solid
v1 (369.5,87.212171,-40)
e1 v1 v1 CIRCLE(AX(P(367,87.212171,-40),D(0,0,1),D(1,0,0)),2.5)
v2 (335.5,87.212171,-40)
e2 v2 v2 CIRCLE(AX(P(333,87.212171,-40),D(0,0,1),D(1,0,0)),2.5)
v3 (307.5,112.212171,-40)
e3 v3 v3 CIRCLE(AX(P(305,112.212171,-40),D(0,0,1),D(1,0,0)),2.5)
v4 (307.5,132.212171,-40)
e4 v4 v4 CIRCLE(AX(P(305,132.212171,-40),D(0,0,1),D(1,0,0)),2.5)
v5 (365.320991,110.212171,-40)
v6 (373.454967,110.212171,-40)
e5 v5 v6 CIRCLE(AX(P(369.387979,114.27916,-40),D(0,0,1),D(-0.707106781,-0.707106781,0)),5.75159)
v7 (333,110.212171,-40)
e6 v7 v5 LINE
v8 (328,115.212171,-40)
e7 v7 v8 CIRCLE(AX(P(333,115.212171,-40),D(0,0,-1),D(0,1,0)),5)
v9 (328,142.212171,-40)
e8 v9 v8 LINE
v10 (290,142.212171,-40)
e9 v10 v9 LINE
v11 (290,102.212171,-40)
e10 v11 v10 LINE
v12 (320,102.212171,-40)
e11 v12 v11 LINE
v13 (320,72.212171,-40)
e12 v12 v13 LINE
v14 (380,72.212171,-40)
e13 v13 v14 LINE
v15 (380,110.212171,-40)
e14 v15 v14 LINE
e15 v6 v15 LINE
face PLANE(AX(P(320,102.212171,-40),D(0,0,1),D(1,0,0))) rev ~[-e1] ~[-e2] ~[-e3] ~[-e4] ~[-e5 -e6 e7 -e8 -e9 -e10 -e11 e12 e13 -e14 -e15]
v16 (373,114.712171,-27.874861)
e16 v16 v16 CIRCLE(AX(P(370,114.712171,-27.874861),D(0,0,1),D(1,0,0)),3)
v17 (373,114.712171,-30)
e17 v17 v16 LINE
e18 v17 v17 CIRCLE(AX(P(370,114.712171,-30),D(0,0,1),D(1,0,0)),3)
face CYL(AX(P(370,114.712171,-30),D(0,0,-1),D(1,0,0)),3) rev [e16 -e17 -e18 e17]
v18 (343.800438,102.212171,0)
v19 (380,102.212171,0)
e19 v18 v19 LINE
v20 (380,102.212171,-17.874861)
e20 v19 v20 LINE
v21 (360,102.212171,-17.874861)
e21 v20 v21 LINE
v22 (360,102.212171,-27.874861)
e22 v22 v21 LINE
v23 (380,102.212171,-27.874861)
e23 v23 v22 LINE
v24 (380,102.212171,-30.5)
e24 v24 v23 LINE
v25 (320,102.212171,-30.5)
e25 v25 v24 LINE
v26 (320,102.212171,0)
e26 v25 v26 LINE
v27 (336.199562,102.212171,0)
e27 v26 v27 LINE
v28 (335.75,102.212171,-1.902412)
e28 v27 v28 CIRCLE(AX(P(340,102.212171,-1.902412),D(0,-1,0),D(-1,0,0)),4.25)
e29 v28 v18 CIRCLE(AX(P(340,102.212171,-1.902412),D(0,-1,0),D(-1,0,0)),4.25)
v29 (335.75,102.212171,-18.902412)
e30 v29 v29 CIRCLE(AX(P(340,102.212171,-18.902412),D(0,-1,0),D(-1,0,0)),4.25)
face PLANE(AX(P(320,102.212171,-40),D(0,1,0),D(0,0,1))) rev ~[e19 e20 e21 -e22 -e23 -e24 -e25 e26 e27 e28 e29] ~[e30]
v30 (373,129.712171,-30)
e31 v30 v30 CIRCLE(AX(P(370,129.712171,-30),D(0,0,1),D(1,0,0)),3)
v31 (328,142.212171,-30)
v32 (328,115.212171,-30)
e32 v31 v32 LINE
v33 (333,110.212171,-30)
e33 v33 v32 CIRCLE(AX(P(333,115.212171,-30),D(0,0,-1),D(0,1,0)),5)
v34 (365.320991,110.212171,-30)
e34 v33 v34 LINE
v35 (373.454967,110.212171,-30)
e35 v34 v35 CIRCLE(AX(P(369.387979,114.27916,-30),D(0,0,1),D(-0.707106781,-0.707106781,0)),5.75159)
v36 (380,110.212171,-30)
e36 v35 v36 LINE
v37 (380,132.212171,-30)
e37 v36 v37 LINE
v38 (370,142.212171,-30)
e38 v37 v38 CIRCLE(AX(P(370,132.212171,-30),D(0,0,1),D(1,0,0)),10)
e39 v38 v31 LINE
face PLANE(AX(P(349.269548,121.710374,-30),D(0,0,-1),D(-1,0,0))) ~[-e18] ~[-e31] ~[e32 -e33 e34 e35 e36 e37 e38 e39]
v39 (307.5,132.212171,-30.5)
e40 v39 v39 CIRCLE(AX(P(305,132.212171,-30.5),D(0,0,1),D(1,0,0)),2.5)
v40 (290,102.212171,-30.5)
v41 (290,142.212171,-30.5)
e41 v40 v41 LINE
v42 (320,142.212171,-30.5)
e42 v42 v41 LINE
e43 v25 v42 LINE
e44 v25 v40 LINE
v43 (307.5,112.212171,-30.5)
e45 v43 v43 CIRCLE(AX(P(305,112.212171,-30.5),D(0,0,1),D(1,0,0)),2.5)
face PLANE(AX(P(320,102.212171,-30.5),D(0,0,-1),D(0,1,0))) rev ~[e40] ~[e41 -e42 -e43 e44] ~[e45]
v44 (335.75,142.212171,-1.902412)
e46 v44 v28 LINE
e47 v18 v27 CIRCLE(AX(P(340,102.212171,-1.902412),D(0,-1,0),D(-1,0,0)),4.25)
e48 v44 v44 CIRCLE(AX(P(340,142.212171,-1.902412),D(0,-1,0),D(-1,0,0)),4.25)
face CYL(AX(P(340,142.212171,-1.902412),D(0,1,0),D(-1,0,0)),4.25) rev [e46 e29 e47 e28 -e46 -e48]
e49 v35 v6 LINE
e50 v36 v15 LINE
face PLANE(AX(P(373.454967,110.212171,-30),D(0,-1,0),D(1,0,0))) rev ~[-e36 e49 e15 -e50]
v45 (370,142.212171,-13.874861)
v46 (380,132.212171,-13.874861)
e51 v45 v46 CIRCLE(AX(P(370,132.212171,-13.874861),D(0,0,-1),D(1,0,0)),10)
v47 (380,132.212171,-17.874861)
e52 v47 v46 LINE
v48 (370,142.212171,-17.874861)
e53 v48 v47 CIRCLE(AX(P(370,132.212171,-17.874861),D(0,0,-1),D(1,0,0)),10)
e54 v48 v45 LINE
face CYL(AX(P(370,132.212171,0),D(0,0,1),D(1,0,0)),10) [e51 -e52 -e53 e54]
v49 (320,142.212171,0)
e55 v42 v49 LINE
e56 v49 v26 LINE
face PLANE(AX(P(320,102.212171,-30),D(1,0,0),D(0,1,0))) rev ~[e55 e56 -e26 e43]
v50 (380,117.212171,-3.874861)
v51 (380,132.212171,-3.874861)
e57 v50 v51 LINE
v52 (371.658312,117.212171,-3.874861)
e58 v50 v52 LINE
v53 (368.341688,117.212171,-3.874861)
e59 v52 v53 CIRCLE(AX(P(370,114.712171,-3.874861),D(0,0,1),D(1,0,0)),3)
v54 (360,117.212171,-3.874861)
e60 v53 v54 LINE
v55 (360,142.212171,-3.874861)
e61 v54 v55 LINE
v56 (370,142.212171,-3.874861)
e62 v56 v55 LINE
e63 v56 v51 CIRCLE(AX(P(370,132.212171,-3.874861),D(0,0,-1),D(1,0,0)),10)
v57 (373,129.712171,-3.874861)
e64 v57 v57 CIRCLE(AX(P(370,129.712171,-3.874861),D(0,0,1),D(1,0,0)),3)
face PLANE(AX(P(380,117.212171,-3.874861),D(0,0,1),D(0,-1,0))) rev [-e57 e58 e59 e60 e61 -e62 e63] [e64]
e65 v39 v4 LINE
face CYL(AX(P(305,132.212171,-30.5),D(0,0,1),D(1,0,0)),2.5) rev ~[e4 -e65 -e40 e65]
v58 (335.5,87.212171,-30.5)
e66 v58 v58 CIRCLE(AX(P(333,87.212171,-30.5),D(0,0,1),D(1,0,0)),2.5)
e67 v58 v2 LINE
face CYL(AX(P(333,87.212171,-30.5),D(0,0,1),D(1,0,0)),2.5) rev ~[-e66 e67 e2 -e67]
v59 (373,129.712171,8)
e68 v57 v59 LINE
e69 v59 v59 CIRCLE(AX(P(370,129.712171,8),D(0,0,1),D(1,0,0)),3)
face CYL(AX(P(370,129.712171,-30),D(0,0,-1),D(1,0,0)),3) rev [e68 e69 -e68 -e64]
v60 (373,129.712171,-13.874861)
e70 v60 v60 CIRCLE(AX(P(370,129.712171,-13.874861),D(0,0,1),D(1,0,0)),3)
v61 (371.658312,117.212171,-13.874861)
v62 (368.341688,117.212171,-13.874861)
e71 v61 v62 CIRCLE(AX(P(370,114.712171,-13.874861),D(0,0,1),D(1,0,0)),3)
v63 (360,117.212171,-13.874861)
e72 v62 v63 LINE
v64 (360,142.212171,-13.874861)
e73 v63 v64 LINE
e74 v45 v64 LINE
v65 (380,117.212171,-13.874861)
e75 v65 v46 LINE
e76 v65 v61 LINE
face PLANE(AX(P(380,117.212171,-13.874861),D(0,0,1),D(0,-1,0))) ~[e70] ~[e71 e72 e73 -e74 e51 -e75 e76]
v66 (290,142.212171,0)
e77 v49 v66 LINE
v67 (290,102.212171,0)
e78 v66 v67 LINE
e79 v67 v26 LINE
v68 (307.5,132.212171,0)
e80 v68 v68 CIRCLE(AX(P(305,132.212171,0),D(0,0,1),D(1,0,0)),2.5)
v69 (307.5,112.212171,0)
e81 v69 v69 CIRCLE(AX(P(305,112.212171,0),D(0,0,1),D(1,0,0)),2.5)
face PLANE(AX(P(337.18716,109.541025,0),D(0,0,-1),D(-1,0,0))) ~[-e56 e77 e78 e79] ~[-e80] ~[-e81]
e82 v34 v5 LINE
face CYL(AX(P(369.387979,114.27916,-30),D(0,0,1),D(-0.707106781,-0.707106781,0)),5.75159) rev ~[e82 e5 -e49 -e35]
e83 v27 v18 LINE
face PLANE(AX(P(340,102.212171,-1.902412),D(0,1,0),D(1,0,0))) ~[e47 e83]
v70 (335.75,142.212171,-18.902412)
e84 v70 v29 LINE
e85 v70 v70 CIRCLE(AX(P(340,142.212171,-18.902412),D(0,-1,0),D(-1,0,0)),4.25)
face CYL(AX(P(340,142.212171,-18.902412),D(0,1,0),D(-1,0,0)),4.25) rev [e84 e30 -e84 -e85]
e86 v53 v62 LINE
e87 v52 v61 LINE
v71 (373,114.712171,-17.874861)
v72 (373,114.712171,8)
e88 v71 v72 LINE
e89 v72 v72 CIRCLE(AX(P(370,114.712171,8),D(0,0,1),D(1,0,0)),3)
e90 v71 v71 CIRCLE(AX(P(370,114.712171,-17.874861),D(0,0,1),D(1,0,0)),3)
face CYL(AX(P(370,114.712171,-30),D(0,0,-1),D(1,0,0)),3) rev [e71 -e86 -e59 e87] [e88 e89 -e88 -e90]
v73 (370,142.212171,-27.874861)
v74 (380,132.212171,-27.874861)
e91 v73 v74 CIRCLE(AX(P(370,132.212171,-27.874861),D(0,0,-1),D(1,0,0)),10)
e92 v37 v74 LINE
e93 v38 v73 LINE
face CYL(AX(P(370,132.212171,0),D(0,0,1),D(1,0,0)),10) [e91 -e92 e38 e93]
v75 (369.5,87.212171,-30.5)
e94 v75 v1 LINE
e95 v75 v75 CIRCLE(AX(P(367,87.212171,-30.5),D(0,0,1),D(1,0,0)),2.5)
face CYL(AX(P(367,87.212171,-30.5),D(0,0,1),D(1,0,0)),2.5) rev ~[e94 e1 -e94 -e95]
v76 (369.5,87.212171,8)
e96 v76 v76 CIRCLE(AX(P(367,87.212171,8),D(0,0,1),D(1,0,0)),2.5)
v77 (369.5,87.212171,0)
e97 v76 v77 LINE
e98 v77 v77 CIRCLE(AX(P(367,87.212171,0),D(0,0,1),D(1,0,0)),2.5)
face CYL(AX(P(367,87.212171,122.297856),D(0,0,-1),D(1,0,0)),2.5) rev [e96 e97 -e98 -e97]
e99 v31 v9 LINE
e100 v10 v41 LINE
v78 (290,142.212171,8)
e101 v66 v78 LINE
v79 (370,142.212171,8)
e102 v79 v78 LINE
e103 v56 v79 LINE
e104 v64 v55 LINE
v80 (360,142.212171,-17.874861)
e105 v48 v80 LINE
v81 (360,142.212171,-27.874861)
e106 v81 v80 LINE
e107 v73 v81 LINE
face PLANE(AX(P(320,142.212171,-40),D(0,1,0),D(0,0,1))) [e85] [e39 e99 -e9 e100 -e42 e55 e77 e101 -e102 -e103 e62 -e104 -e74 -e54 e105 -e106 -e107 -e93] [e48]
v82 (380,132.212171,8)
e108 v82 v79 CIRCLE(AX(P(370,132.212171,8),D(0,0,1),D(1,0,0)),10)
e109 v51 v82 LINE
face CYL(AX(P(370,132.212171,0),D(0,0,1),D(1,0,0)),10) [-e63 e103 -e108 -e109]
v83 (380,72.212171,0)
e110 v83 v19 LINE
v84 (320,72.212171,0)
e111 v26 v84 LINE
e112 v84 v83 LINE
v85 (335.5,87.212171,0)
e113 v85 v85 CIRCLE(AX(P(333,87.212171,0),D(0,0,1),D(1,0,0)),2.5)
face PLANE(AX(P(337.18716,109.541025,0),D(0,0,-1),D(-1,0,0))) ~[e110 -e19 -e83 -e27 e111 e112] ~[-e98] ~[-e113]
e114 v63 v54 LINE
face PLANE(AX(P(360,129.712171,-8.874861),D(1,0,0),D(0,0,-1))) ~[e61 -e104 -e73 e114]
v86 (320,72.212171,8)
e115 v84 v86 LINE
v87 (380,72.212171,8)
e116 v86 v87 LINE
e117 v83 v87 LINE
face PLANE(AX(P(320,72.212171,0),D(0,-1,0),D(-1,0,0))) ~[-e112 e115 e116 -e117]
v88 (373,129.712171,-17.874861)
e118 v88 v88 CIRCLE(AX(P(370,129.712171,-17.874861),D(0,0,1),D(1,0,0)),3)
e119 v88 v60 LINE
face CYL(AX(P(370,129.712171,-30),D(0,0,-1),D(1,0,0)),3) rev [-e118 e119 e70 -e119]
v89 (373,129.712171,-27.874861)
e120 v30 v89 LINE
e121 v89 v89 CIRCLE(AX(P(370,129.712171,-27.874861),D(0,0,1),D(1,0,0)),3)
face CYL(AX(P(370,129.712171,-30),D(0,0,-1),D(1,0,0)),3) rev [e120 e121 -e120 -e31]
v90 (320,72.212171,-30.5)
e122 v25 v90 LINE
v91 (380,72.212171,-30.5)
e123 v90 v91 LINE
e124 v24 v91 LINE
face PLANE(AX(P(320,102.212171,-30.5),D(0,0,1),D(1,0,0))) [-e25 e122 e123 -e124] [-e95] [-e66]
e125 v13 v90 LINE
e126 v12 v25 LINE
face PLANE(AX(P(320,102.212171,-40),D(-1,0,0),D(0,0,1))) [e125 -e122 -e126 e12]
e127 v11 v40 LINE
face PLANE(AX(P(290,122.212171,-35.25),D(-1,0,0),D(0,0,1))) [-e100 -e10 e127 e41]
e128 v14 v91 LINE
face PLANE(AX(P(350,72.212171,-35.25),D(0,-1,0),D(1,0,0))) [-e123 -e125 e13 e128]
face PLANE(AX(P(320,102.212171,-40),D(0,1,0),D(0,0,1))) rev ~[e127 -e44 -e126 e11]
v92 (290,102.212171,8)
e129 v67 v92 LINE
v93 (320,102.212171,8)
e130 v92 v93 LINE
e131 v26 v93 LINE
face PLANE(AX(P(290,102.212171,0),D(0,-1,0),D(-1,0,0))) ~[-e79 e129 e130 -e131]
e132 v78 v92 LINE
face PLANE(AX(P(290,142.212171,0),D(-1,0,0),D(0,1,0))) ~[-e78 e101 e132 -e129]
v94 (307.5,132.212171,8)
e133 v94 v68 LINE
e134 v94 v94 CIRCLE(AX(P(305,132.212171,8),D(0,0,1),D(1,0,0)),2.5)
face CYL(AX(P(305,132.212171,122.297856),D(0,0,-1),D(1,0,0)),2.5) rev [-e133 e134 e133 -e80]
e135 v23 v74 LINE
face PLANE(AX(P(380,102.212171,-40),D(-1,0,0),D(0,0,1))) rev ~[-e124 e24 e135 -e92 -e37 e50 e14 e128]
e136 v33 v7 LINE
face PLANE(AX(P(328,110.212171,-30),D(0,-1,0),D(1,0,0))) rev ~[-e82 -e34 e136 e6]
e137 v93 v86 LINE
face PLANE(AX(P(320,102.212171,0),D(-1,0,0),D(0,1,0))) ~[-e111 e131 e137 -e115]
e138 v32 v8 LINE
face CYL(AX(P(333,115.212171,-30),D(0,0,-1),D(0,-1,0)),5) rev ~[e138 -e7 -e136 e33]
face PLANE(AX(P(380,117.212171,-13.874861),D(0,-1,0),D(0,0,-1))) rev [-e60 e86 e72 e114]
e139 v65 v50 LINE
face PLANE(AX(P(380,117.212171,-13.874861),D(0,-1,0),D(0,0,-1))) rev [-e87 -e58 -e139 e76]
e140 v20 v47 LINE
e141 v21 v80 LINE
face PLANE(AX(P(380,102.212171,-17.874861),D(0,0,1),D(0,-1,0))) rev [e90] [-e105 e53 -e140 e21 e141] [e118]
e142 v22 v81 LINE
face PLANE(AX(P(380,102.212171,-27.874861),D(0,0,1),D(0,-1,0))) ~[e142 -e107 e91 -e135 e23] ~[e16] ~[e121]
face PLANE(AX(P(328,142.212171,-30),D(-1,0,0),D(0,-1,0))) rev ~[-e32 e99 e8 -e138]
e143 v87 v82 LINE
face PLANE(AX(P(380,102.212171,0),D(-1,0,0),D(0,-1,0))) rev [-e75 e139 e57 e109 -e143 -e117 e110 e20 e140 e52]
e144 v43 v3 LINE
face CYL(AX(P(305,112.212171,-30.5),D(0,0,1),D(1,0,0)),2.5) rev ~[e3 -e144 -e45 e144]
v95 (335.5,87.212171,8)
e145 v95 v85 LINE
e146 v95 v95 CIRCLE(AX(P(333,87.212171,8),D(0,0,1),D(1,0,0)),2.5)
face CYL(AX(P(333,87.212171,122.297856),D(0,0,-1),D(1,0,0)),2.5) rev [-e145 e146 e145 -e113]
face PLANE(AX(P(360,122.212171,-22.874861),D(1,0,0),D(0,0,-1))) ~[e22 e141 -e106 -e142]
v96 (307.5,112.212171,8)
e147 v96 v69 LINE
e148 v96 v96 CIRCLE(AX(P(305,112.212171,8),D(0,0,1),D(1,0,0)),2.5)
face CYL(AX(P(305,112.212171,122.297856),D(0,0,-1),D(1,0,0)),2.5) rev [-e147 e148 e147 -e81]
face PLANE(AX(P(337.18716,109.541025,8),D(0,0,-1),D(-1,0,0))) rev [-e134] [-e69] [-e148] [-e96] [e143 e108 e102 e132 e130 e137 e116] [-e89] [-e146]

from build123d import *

# Parameters (mm, degrees)
RESSALTO_EXTRUS_O1_DEPTH                   = 8
BROCA_DE_ROSQUEAR_PARA_TARRAXA_DE_M6X1_0_D = 5
RESSALTO_EXTRUS_O2_DEPTH                   = 30
ESBO_O6_W                                  = 10
ESBO_O6_H                                  = 40
ESBO_O6_H_2                                = 25
CORTE_EXTRUS_O2_DEPTH                      = 20
ESBO_O14_R                                 = 3
CORTE_EXTRUS_O6_DEPTH                      = 39
ESBO_O15_R                                 = 4.25
CORTE_EXTRUS_O7_DEPTH                      = 40
RESSALTO_EXTRUS_O3_DEPTH                   = 10
ESBO_O17_W                                 = 9.5
ESBO_O17_H                                 = 40
RESSALTO_EXTRUS_O4_DEPTH                   = 30
ESBO_O18_R                                 = 2.5
CORTE_EXTRUS_O8_DEPTH                      = 10
ESBO_O19_W                                 = 60
ESBO_O19_H                                 = 9.5
RESSALTO_EXTRUS_O5_DEPTH                   = 30
FILETE1_R                                  = 5
ESBO_O20_R                                 = 2.5
CORTE_EXTRUS_O9_DEPTH                      = 10


with BuildPart() as part:
    # Esboço1 → Ressalto-extrusão1 (new body)
    with BuildSketch(Plane.XY):
        with BuildLine():
            Line((440, 72.212171493), (380, 72.212171493))
            Line((380, 72.212171493), (380, 132.212171493))
            ThreePointArc((380, 132.212171493), (382.928932188, 139.283239304), (390, 142.212171493))
            Line((390, 142.212171493), (470, 142.212171493))
            Line((470, 142.212171493), (470, 102.212171493))
            Line((470, 102.212171493), (440, 102.212171493))
            Line((440, 102.212171493), (440, 72.212171493))
        make_face()
    extrude(amount=RESSALTO_EXTRUS_O1_DEPTH)

    # Broca de rosquear para tarraxa de M6x1.01 (through all)
    with Locations(Plane.XY.offset(8)):
        with Locations((393, 87.212171493), (427, 87.212171493), (455, 112.212171493), (455, 132.212171493)):
            Hole(BROCA_DE_ROSQUEAR_PARA_TARRAXA_DE_M6X1_0_D / 2)

    # Esboço4 → Ressalto-extrusão2 (add)
    with BuildSketch(Plane(origin=(0, 0, 0), x_dir=(-1, 0, 0), z_dir=(0, 0, -1))):
        with BuildLine():
            Line((-390, 142.212171493), (-440, 142.212171493))
            Line((-440, 142.212171493), (-440, 102.212171493))
            Line((-440, 102.212171493), (-380, 102.212171493))
            Line((-380, 102.212171493), (-380, 132.212171493))
            ThreePointArc((-380, 132.212171493), (-382.928932188, 139.283239304), (-390, 142.212171493))
        make_face()
    extrude(amount=RESSALTO_EXTRUS_O2_DEPTH)

    # Esboço6 → Corte-extrusão2 (cut)
    with BuildSketch(Plane.ZY.offset(-380)):
        with Locations((-22.874860756, 122.212171493)):
            Rectangle(ESBO_O6_W, ESBO_O6_H)
        with Locations((-8.874860756, 129.712171493)):
            Rectangle(ESBO_O6_W, ESBO_O6_H_2)
    extrude(amount=-CORTE_EXTRUS_O2_DEPTH, mode=Mode.SUBTRACT)

    # Esboço14 → Corte-extrusão6 (cut, through all)
    with BuildSketch(Plane(origin=(0, 0, -30), x_dir=(-1, 0, 0), z_dir=(0, 0, -1))):
        with Locations((-390, 129.712171493)):
            Circle(ESBO_O14_R)
        with Locations((-390, 114.712171493)):
            Circle(ESBO_O14_R)
    extrude(amount=-CORTE_EXTRUS_O6_DEPTH, mode=Mode.SUBTRACT)

    # Esboço15 → Corte-extrusão7 (cut)
    with BuildSketch(Plane(origin=(0, 142.212171493, 0), x_dir=(1, 0, 0), z_dir=(0, 1, 0))):
        with Locations((420, 18.90241208)):
            Circle(ESBO_O15_R)
        with Locations((420, 1.90241208)):
            Circle(ESBO_O15_R)
    extrude(amount=-CORTE_EXTRUS_O7_DEPTH, mode=Mode.SUBTRACT)


with BuildPart() as body_2:
    # Espelhar1: mirrored copy
    add(part.part.mirror(Plane(origin=(380, 72.212171493, 8), x_dir=(0, 0, 1), z_dir=(-1, 0, 0))))

    # Esboço16 → Ressalto-extrusão3 (add)
    with BuildSketch(Plane(origin=(0, 0, -30), x_dir=(-1, 0, 0), z_dir=(0, 0, -1))):
        with BuildLine():
            Line((-320, 142.212171493), (-328, 142.212171493))
            Line((-328, 142.212171493), (-328, 110.212171493))
            Line((-328, 110.212171493), (-365.320990692, 110.212171493))
            ThreePointArc((-365.320990692, 110.212171493), (-369.387979043, 108.52756976), (-373.454967393, 110.212171493))
            Line((-373.454967393, 110.212171493), (-380, 110.212171493))
            Line((-380, 110.212171493), (-380, 102.212171493))
            Line((-380, 102.212171493), (-328, 102.212171493))
            Line((-328, 102.212171493), (-320, 102.212171493))
            Line((-320, 102.212171493), (-320, 142.212171493))
        make_face()
    extrude(amount=RESSALTO_EXTRUS_O3_DEPTH)

    # Esboço17 → Ressalto-extrusão4 (add, through all)
    with BuildSketch(Plane.ZY.offset(-320)):
        with Locations((-35.25, 122.212171493)):
            Rectangle(ESBO_O17_W, ESBO_O17_H)
    extrude(amount=RESSALTO_EXTRUS_O4_DEPTH)

    # Esboço18 → Corte-extrusão8 (cut)
    with BuildSketch(Plane.XY.offset(-30.5)):
        with Locations((305, 112.212171493)):
            Circle(ESBO_O18_R)
        with Locations((305, 132.212171493)):
            Circle(ESBO_O18_R)
    extrude(amount=-CORTE_EXTRUS_O8_DEPTH, mode=Mode.SUBTRACT)

    # Esboço19 → Ressalto-extrusão5 (add, through all)
    with BuildSketch(Plane.XZ.offset(-102.212171493)):
        with Locations((350, -35.25)):
            Rectangle(ESBO_O19_W, ESBO_O19_H)
    extrude(amount=RESSALTO_EXTRUS_O5_DEPTH)

    # Filete1
    filete1_edges = [body_2.edges().sort_by_distance(p)[0] for p in [
        (328, 110.212171493, -35),
    ]]
    fillet(filete1_edges, radius=FILETE1_R)

    # Esboço20 → Corte-extrusão9 (cut)
    with BuildSketch(Plane.XY.offset(-30.5)):
        with Locations((367, 87.212171493)):
            Circle(ESBO_O20_R)
        with Locations((333, 87.212171493)):
            Circle(ESBO_O20_R)
    extrude(amount=-CORTE_EXTRUS_O9_DEPTH, mode=Mode.SUBTRACT)


solid = body_2.part
